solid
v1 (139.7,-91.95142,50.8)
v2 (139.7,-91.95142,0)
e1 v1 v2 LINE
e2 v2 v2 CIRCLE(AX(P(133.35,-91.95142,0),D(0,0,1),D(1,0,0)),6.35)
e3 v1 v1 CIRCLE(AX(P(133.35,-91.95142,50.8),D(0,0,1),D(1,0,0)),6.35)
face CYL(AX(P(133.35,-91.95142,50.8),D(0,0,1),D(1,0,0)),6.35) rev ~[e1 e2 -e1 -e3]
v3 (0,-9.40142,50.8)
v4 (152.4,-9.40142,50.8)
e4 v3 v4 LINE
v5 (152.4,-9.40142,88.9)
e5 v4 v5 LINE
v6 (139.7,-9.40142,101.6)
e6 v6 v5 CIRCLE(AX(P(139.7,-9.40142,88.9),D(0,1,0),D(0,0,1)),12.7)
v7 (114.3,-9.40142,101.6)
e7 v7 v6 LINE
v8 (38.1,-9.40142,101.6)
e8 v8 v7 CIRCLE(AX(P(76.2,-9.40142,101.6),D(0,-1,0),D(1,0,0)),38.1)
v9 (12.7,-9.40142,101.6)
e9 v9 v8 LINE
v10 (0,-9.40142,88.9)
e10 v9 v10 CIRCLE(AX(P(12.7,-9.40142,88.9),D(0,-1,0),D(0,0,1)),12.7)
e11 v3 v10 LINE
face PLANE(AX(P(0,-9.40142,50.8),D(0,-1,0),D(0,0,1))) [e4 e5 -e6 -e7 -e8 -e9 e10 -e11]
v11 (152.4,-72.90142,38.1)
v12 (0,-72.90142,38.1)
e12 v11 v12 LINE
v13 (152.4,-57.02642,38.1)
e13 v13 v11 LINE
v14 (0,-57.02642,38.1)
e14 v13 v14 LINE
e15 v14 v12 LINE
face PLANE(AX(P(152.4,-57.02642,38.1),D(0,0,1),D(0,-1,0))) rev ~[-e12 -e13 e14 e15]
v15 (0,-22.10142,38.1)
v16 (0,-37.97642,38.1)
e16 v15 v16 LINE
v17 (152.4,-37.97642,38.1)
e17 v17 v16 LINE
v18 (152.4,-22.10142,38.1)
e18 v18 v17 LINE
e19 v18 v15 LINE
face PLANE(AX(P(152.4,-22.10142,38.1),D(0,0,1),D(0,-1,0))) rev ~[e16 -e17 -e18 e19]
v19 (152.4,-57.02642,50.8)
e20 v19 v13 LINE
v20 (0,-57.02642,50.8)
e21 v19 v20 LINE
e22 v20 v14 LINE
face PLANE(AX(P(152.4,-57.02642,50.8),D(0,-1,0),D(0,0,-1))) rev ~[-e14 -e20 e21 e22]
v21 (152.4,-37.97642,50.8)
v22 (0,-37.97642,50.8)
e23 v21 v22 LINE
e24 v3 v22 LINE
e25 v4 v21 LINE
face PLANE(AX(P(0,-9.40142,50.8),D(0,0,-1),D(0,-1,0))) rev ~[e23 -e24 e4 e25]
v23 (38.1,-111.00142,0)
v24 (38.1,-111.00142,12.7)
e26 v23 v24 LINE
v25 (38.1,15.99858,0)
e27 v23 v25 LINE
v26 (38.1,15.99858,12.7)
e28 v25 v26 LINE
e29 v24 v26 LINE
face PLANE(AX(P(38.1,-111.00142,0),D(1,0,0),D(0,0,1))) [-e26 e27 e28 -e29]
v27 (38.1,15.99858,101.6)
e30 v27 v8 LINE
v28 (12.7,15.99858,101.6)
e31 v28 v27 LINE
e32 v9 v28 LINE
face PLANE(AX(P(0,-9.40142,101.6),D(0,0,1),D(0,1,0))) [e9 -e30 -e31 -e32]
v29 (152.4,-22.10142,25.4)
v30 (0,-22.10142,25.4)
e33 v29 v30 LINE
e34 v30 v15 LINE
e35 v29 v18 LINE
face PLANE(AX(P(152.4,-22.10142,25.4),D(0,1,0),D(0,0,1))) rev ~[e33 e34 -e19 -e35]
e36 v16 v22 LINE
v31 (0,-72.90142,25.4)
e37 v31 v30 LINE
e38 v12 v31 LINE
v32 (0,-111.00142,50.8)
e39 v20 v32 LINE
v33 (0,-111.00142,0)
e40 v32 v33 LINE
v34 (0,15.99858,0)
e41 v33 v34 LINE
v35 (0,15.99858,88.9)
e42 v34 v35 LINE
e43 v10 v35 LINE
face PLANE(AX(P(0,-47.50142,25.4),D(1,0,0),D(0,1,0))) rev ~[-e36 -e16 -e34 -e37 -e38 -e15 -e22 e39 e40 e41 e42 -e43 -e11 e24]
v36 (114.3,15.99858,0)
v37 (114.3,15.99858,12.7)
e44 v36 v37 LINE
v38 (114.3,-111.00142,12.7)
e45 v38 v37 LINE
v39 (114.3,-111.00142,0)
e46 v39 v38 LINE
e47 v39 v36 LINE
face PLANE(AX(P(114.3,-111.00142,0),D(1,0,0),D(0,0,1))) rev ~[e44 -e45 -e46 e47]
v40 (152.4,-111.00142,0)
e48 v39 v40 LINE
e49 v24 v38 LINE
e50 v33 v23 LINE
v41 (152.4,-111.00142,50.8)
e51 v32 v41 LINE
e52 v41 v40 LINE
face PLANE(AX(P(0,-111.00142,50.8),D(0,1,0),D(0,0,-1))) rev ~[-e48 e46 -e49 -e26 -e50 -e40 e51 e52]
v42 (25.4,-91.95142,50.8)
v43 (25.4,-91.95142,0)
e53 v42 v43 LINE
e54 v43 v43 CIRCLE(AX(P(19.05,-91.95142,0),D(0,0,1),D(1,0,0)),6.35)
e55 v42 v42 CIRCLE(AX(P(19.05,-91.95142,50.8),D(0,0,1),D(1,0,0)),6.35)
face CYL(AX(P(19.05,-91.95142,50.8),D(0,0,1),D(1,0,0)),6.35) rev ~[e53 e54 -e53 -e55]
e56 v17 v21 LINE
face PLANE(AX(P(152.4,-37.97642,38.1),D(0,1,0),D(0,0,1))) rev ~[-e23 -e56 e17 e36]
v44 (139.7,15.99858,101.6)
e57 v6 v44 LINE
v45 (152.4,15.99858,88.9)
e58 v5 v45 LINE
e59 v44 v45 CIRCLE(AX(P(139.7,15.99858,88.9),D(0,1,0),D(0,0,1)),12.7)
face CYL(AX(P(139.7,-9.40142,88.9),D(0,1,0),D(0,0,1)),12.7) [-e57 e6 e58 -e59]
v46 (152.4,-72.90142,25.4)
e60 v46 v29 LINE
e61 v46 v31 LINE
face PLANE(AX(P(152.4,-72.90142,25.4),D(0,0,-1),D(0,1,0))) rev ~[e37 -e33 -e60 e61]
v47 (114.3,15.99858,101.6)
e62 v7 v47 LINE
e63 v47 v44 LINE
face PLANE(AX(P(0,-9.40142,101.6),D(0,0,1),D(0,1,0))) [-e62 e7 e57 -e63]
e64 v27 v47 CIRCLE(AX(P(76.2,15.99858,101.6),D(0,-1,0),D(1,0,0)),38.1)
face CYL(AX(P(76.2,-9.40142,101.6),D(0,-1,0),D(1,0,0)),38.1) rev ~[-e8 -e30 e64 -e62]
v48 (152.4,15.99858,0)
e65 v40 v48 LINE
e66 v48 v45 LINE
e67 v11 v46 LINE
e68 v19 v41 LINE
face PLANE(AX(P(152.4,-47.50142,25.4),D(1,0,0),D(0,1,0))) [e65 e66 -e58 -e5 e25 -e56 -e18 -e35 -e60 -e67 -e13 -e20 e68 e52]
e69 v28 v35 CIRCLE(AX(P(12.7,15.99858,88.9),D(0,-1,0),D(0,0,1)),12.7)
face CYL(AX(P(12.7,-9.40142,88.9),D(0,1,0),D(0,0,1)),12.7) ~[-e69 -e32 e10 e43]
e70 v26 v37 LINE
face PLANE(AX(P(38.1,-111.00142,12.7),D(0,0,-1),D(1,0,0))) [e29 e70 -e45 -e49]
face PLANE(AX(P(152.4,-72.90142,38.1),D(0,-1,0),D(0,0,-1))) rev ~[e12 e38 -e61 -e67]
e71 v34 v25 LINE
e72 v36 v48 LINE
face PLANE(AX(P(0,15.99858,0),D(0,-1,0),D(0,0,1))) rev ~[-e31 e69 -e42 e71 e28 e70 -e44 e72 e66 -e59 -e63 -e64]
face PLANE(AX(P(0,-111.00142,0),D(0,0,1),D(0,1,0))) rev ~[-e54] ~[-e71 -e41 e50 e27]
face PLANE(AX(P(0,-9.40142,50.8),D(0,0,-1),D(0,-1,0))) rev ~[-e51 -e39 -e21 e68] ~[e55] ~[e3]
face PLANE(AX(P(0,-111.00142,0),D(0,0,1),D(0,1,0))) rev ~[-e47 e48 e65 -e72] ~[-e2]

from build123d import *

# Parameters (mm, degrees)
F0_W      = 25.4
F0_H      = 50.8
F1_DEPTH  = 152.4
F2_R      = 12.7
F4_DEPTH  = 152.401
F5_W      = 76.2
F5_H      = 12.7
F6_DEPTH  = 127.001
F7_R      = 6.35
F8_DEPTH  = 50.801
F9_R      = 38.1
F10_DEPTH = 25.401


with BuildPart() as f1:
    # F0 (on Right) → F1 (new body)
    with BuildSketch(Plane.YZ):
        Polygon((-111.00142, 50.8), (-111.00142, 0), (15.99858, 0), (15.99858, 50.8), (-9.40142, 50.8), align=None)
        with Locations((3.29858, 76.2)):
            Rectangle(F0_W, F0_H)
    extrude(amount=F1_DEPTH)

    # F2
    f2_edges = [f1.edges().sort_by_distance(p)[0] for p in [
        (152.4, 3.29858, 101.6),
        (0, 3.29858, 101.6),
    ]]
    fillet(f2_edges, radius=F2_R)

    # F3 (on face) → F4 (cut, through all)
    with BuildSketch(Plane.YZ.offset(152.4)):
        Polygon((-37.97642, 50.8), (-57.02642, 50.8), (-57.02642, 38.1), (-72.90142, 38.1), (-72.90142, 25.4), (-22.10142, 25.4), (-22.10142, 38.1), (-37.97642, 38.1), align=None)
    extrude(amount=-F4_DEPTH, mode=Mode.SUBTRACT)

    # F5 (on face) → F6 (cut, through all)
    with BuildSketch(Plane.XZ.offset(111.00142)):
        with Locations((76.2, 6.35)):
            Rectangle(F5_W, F5_H)
    extrude(amount=-F6_DEPTH, mode=Mode.SUBTRACT)

    # F7 (on face) → F8 (cut, through all)
    with BuildSketch(Plane.XY.offset(50.8)):
        with Locations((19.05, -91.95142)):
            Circle(F7_R)
        with Locations((133.35, -91.95142)):
            Circle(F7_R)
    extrude(amount=-F8_DEPTH, mode=Mode.SUBTRACT)

    # F9 (on face) → F10 (cut, through all)
    with BuildSketch(Plane.XZ.offset(9.40142)):
        with Locations((76.2, 101.6)):
            Circle(F9_R)
    extrude(amount=-F10_DEPTH, mode=Mode.SUBTRACT)


solid = f1.part
